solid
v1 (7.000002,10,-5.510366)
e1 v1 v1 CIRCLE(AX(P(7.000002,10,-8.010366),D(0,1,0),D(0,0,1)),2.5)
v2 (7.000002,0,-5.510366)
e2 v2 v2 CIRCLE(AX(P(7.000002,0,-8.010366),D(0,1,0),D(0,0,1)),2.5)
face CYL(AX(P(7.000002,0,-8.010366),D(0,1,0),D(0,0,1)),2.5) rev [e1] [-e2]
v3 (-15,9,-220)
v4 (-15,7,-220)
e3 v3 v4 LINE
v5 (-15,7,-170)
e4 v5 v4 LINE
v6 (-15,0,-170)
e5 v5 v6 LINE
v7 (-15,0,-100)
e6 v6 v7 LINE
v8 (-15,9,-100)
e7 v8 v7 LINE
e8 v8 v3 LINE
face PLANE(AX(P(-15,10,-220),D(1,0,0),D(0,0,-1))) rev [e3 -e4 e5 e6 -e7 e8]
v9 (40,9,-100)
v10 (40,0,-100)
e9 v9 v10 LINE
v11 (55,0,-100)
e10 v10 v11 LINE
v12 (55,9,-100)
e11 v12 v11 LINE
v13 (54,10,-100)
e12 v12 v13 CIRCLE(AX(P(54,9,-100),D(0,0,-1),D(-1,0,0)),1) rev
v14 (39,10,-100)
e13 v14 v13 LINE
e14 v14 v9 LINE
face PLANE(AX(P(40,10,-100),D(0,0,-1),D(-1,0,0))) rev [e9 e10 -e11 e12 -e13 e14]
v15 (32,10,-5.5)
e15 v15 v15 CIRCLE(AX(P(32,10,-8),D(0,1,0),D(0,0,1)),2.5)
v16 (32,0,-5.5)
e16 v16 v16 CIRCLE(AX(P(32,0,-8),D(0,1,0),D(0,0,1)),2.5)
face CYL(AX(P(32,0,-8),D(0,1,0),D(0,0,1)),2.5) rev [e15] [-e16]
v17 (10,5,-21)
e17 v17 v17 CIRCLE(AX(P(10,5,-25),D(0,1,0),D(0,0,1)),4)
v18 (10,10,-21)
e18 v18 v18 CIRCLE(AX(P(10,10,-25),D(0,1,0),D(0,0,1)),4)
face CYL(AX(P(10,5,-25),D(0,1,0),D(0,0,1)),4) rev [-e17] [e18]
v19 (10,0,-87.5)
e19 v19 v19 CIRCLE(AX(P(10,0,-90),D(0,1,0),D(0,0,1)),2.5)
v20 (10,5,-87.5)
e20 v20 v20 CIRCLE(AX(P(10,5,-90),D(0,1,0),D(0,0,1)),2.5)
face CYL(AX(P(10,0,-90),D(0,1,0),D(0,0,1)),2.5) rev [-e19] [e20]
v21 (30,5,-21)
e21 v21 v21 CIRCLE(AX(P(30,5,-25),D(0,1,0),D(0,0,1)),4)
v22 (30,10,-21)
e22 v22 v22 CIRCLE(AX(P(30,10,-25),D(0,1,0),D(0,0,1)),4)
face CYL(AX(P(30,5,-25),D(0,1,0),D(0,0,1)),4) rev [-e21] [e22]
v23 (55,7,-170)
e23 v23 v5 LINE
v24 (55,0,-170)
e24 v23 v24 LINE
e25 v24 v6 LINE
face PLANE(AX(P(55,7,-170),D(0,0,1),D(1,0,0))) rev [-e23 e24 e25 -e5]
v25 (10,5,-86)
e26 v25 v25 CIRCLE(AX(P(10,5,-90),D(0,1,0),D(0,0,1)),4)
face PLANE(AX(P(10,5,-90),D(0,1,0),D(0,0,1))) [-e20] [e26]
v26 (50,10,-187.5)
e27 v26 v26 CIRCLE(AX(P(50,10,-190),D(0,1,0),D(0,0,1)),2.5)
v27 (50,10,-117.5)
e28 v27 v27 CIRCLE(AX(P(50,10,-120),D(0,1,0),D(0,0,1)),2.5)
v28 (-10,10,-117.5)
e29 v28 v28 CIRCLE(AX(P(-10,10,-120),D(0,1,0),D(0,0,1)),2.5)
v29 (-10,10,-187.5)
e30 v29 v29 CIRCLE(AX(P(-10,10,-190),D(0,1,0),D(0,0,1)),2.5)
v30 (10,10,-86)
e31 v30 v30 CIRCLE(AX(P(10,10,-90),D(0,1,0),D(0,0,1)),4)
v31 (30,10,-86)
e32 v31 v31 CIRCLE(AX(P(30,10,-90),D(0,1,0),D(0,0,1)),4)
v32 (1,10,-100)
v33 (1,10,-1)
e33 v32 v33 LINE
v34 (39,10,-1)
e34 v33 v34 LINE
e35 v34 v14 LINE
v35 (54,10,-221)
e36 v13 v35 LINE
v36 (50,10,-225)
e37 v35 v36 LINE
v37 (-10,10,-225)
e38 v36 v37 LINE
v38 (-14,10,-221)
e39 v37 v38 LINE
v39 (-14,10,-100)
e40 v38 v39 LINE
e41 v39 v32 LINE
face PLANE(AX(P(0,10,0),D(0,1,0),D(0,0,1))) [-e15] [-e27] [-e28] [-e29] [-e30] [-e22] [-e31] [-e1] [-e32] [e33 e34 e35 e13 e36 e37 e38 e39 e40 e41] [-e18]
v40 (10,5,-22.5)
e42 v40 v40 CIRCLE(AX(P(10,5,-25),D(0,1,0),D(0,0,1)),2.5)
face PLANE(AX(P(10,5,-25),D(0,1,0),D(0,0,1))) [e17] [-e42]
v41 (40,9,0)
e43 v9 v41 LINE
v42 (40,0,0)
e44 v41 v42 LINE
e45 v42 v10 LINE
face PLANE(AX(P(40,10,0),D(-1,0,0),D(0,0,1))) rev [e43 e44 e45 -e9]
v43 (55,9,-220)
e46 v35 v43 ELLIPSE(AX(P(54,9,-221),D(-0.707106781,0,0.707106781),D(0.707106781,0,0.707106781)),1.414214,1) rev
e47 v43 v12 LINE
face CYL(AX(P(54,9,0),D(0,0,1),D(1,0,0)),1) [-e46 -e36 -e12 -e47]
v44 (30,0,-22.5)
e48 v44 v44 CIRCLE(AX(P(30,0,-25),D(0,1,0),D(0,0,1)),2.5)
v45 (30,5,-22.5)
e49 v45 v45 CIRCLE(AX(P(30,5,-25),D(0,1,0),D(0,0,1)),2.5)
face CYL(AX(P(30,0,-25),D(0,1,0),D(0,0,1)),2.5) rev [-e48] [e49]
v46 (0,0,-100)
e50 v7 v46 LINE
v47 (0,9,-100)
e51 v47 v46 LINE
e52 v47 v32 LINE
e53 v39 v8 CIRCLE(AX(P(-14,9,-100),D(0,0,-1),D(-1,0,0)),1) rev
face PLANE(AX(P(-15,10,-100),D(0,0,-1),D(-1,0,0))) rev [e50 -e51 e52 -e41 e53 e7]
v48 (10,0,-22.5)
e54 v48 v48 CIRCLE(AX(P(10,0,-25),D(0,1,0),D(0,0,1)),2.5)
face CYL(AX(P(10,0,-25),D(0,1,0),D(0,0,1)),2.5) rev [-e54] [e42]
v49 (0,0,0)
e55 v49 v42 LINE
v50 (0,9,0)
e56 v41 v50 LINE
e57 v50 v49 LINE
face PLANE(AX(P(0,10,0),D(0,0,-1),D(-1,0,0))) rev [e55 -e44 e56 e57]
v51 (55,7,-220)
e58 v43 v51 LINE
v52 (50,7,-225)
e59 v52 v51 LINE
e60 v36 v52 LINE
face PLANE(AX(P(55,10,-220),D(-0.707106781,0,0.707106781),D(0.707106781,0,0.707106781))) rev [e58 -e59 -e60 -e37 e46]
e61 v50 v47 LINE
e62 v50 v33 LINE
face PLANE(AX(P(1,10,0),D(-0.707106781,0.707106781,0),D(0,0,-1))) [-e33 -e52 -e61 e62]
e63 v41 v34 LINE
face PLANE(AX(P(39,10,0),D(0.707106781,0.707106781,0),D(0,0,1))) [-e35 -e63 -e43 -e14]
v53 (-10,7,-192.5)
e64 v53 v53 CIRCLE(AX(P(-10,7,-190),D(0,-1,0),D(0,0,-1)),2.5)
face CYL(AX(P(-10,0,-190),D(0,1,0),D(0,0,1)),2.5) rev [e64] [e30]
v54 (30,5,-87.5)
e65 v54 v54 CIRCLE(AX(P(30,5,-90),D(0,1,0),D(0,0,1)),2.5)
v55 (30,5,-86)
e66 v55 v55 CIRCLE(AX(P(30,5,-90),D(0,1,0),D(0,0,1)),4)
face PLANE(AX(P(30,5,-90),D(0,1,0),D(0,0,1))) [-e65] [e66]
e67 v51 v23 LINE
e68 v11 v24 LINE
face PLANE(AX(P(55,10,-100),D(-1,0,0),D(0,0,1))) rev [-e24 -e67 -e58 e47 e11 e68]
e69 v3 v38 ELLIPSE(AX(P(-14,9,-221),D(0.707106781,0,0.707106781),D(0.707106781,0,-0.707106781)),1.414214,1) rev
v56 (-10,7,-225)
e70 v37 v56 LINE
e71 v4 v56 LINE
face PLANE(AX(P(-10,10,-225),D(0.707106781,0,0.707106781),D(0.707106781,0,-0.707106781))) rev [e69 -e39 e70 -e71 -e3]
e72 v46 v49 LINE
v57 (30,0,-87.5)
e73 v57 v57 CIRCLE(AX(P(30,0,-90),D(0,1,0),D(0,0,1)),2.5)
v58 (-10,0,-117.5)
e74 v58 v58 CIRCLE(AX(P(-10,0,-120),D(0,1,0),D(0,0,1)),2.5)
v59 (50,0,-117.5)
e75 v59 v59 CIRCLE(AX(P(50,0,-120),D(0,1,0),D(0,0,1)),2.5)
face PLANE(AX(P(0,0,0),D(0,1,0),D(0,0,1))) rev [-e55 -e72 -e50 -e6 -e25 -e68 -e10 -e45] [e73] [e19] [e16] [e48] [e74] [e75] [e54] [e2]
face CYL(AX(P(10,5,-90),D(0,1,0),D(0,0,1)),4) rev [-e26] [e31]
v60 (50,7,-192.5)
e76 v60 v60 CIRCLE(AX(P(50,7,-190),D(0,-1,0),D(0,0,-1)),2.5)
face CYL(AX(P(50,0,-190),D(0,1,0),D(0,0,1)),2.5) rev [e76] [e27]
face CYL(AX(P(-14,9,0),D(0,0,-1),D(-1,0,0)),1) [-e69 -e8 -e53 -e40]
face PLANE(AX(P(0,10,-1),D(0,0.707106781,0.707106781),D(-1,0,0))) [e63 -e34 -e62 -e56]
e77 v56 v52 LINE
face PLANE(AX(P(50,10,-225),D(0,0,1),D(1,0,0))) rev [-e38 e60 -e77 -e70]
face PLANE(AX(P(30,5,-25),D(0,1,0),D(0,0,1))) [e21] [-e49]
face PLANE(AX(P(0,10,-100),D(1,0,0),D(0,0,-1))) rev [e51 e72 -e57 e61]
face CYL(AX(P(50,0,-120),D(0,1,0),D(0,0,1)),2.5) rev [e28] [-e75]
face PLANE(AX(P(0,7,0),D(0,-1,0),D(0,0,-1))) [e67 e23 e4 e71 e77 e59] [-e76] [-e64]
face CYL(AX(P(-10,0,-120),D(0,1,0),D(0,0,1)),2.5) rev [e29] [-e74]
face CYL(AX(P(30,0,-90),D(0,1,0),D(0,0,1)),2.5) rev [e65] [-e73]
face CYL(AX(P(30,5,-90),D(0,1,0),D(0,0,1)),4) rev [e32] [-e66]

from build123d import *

# Parameters (mm, degrees)
BOSS_EXTRUDE1_DEPTH = 10
CUT_EXTRUDE1_DEPTH  = 7
SKETCH4_R           = 4
CUT_EXTRUDE2_DEPTH  = 5
SKETCH5_R           = 2.5
CUT_EXTRUDE3_DEPTH  = 6
SKETCH6_R           = 2.5
CUT_EXTRUDE4_DEPTH  = 11
SKETCH7_R           = 2.5
CUT_EXTRUDE5_DEPTH  = 11
CHAMFER1_SIZE       = 1
FILLET1_R           = 1


with BuildPart() as part:
    # Sketch2 → Boss-Extrude1 (new body)
    with BuildSketch(Plane(origin=(0, 0, 0), x_dir=(1, 0, 0), z_dir=(0, 1, 0))):
        Polygon((0, 0), (40, 0), (40, 100), (55, 100), (55, 220), (50, 225), (-10, 225), (-15, 220), (-15, 100), (0, 100), align=None)
    extrude(amount=BOSS_EXTRUDE1_DEPTH)

    # Sketch3 → Cut-Extrude1 (cut)
    with BuildSketch(Plane.XZ):
        Polygon((-15, -220), (-10, -225), (50, -225), (55, -220), (55, -170), (-15, -170), align=None)
    extrude(amount=-CUT_EXTRUDE1_DEPTH, mode=Mode.SUBTRACT)

    # Sketch4 → Cut-Extrude2 (cut)
    with BuildSketch(Plane(origin=(0, 10, 0), x_dir=(1, 0, 0), z_dir=(0, 1, 0))):
        with Locations((10, 25)):
            Circle(SKETCH4_R)
        with Locations((30, 25)):
            Circle(SKETCH4_R)
        with Locations((10, 90)):
            Circle(SKETCH4_R)
        with Locations((30, 90)):
            Circle(SKETCH4_R)
    extrude(amount=-CUT_EXTRUDE2_DEPTH, mode=Mode.SUBTRACT)

    # Sketch5 → Cut-Extrude3 (cut, through all)
    with BuildSketch(Plane(origin=(0, 5, 0), x_dir=(1, 0, 0), z_dir=(0, 1, 0))):
        with Locations((30, 90)):
            Circle(SKETCH5_R)
        with Locations((10, 90)):
            Circle(SKETCH5_R)
        with Locations((10, 25)):
            Circle(SKETCH5_R)
        with Locations((30, 25)):
            Circle(SKETCH5_R)
    extrude(amount=-CUT_EXTRUDE3_DEPTH, mode=Mode.SUBTRACT)

    # Sketch6 → Cut-Extrude4 (cut, through all)
    with BuildSketch(Plane(origin=(0, 10, 0), x_dir=(1, 0, 0), z_dir=(0, 1, 0))):
        with Locations((50, 190)):
            Circle(SKETCH6_R)
        with Locations((-10, 190)):
            Circle(SKETCH6_R)
        with Locations((-10, 120)):
            Circle(SKETCH6_R)
        with Locations((50, 120)):
            Circle(SKETCH6_R)
    extrude(amount=-CUT_EXTRUDE4_DEPTH, mode=Mode.SUBTRACT)

    # Sketch7 → Cut-Extrude5 (cut, through all)
    with BuildSketch(Plane(origin=(0, 10, 0), x_dir=(1, 0, 0), z_dir=(0, 1, 0))):
        with Locations((32, 8)):
            Circle(SKETCH7_R)
        with Locations((7.000002149, 8.010365644)):
            Circle(SKETCH7_R)
    extrude(amount=-CUT_EXTRUDE5_DEPTH, mode=Mode.SUBTRACT)

    # Chamfer1
    chamfer1_edges = [part.edges().sort_by_distance(p)[0] for p in [
        (40, 10, -50),
        (0, 10, -50),
        (20, 10, 0),
    ]]
    chamfer(chamfer1_edges, length=CHAMFER1_SIZE)

    # Fillet1
    fillet1_edges = [part.edges().sort_by_distance(p)[0] for p in [
        (55, 10, -160),
        (-15, 10, -160),
    ]]
    fillet(fillet1_edges, radius=FILLET1_R)


solid = part.part
